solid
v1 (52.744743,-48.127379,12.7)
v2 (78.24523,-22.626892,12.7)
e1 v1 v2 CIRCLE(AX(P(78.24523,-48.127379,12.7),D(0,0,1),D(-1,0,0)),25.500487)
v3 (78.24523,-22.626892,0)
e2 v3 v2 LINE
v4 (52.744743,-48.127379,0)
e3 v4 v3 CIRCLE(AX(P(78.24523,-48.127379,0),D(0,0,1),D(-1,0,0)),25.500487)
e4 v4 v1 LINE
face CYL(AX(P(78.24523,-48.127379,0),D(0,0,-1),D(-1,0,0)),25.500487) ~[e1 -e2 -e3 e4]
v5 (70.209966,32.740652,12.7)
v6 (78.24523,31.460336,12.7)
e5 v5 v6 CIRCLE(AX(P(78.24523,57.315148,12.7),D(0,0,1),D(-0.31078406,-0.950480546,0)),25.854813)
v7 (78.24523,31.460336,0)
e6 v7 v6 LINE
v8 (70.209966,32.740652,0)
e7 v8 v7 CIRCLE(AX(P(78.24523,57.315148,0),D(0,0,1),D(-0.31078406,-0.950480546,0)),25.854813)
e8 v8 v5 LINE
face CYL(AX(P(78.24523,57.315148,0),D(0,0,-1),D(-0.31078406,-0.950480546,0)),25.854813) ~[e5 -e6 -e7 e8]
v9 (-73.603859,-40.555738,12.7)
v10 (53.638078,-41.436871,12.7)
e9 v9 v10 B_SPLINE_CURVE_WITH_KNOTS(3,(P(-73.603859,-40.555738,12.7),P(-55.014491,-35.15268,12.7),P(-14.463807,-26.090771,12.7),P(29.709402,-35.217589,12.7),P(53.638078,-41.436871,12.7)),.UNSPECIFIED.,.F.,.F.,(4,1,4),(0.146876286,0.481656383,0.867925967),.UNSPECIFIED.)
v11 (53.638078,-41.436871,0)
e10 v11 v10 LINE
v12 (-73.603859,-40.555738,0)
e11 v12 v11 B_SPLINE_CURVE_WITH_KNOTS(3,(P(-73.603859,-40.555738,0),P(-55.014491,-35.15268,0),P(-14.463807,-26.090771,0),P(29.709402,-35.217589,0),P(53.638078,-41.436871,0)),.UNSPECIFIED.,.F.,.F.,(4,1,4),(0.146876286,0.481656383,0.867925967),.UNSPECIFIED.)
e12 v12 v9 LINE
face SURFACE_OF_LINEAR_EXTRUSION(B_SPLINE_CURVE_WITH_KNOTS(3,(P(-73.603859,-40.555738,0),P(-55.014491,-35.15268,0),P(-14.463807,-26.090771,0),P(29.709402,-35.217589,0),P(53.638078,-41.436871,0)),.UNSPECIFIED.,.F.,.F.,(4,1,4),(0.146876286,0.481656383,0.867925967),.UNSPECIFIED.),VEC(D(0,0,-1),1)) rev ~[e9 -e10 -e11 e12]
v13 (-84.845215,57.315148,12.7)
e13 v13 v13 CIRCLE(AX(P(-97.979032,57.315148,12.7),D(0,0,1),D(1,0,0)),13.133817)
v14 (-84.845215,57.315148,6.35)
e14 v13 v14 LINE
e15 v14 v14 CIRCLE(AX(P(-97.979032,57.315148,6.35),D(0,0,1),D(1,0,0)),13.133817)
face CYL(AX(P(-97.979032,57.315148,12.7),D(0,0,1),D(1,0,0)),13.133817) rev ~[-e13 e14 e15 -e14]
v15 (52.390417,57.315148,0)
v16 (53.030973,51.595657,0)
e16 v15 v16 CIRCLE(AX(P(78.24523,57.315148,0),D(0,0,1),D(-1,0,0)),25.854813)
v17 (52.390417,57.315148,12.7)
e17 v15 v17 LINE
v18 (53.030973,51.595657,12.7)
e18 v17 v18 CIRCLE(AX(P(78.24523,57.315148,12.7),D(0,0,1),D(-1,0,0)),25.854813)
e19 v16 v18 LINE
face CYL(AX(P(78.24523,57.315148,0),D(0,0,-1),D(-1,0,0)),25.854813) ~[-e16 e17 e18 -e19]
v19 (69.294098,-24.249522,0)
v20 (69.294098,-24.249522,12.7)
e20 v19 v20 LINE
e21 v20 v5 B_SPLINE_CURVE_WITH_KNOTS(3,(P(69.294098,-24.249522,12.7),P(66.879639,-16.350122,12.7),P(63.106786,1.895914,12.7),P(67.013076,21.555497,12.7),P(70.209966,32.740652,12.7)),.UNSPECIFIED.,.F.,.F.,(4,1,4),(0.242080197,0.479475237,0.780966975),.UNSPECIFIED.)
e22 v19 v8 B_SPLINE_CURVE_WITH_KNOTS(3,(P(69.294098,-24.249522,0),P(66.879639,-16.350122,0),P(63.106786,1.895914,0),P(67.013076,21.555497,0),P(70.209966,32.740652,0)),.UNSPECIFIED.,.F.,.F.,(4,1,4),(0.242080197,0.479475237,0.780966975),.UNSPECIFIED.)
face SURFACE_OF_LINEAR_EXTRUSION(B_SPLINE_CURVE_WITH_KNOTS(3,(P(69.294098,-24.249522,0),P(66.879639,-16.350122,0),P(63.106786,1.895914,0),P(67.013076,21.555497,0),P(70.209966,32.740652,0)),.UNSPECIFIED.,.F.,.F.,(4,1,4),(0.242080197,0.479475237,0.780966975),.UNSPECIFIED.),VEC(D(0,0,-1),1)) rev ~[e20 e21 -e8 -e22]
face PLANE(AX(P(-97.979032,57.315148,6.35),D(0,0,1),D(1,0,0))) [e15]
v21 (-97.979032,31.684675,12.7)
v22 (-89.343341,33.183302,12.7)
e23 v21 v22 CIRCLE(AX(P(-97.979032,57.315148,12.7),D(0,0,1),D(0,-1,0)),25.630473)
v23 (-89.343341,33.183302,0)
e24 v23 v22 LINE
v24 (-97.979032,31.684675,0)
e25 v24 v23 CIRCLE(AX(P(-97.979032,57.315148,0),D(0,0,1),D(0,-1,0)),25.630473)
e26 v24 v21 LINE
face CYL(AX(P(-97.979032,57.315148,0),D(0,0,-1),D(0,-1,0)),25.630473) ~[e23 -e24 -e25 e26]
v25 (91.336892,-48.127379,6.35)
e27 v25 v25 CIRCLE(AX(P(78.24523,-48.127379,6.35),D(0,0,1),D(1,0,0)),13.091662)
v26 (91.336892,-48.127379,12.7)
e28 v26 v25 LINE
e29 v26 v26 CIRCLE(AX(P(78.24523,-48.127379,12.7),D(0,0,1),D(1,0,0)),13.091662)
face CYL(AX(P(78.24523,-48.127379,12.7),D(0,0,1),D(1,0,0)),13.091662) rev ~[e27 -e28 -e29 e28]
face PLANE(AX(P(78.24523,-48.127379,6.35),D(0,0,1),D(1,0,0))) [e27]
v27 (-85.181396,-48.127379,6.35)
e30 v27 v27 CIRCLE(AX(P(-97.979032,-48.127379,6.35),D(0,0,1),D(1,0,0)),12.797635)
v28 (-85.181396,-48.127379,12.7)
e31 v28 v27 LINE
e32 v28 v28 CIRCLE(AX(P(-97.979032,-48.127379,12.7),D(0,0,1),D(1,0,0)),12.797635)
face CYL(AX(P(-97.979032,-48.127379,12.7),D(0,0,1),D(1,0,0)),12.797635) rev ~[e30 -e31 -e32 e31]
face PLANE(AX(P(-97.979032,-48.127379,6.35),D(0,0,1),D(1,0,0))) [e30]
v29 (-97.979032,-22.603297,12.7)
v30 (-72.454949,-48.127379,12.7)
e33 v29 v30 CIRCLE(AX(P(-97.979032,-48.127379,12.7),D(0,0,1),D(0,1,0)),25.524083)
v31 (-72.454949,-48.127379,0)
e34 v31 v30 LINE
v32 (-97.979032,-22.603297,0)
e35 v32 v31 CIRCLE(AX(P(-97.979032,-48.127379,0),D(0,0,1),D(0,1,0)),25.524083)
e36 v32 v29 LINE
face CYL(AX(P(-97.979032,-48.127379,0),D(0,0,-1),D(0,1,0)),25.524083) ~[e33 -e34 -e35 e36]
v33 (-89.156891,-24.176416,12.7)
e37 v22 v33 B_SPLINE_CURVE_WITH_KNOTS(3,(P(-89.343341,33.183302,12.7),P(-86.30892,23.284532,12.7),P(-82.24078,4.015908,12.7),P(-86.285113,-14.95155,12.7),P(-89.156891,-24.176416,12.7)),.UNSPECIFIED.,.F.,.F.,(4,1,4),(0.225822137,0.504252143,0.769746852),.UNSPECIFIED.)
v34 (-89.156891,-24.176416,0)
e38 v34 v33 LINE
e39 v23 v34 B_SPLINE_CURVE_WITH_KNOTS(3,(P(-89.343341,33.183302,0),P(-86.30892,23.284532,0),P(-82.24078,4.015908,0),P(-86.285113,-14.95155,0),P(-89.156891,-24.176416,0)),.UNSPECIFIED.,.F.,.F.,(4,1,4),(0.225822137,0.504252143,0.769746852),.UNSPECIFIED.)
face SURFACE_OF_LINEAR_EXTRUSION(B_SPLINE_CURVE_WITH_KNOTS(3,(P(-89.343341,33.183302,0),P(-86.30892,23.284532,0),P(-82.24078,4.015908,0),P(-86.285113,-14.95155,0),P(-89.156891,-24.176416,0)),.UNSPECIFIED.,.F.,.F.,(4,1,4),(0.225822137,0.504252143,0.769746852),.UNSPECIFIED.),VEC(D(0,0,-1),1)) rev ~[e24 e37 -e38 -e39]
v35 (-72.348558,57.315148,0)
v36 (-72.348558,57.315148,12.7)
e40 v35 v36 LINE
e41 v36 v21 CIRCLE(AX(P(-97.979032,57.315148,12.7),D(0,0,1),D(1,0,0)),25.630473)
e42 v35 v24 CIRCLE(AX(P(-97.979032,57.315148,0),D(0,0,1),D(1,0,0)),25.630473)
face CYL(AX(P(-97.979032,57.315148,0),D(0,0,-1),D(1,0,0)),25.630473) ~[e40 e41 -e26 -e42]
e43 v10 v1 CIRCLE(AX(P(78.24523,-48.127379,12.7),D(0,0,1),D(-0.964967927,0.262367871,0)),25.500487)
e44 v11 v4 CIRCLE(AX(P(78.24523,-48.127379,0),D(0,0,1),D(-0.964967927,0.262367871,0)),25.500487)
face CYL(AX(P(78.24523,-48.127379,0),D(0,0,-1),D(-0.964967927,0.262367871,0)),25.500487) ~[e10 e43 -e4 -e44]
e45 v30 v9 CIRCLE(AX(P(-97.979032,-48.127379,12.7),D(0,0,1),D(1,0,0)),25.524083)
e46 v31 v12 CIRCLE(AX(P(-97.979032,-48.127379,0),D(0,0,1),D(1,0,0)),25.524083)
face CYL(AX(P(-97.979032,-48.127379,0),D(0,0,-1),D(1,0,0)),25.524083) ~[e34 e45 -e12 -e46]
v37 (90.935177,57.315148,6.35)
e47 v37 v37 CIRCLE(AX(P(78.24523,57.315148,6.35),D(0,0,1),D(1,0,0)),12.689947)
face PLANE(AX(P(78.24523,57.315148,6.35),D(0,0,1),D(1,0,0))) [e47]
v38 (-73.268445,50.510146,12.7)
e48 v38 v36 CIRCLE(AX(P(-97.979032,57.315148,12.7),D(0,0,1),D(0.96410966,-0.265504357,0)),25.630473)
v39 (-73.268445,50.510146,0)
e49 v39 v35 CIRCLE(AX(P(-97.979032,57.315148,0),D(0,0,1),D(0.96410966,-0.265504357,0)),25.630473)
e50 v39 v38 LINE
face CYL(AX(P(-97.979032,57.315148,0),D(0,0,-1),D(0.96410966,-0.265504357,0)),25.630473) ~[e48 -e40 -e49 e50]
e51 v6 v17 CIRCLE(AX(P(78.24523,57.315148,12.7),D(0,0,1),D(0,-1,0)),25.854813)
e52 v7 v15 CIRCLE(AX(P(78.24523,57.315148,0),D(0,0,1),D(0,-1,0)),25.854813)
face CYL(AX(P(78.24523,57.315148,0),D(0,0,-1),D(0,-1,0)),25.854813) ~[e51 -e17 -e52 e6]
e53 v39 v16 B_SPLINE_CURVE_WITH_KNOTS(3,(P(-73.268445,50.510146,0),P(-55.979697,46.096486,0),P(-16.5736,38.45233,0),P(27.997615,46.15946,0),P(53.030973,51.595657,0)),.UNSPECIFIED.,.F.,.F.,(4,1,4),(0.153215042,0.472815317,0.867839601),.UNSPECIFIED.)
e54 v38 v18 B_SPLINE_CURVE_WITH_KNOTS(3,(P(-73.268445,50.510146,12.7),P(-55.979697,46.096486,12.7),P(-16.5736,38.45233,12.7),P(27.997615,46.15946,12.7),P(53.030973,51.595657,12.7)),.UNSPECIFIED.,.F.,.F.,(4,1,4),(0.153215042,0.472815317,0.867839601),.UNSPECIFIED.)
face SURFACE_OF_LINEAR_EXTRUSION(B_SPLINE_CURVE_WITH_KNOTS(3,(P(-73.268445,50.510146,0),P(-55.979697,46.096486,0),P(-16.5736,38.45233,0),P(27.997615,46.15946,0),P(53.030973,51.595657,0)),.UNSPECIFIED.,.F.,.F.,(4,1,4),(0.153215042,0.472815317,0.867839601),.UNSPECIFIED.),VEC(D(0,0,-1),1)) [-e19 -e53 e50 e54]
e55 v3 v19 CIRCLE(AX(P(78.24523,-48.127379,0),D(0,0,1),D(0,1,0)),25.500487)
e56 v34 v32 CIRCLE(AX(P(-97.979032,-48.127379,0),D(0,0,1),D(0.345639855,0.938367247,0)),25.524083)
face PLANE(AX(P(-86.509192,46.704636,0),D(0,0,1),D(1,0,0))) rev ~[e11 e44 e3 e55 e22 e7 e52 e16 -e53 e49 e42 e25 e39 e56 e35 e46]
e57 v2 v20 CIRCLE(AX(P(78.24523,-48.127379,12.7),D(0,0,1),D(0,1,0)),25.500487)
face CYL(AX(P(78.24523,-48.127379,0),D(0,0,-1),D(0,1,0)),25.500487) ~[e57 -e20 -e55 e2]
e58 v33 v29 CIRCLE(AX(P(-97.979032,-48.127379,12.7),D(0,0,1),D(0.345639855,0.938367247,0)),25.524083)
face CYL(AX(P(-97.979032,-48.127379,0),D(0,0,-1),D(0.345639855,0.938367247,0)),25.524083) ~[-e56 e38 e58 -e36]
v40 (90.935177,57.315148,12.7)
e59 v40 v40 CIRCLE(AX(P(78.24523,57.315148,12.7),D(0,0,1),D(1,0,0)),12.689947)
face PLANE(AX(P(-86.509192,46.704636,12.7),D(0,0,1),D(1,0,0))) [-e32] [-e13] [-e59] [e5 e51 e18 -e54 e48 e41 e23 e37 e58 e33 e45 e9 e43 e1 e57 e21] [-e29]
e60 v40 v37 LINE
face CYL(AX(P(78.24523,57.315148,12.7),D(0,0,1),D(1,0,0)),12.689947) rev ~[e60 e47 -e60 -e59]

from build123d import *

# Parameters (mm, degrees)
F1_DEPTH = 12.7
F2_R     = 12.6899466908
F3_DEPTH = 6.35
F4_R     = 13.0916621451
F5_DEPTH = 6.35
F6_R     = 13.1338166207
F7_DEPTH = 6.35
F8_R     = 12.797635225
F9_DEPTH = 6.35


with BuildPart() as f1:
    # F0 (on Top) → F1 (new body)
    with BuildSketch(Plane.XY):
        with BuildLine():
            add(Edge.make_bspline(
                [(-97.9790315032, 57.3151484132), (-94.8917277119, 49.2634504814), (-91.8044239206, 41.2117525495), (-89.3433409519, 33.1833022823)],
                knots=[0, 0, 0, 0, 0.2258221369, 0.2258221369, 0.2258221369, 0.2258221369], degree=3))
            ThreePointArc((-89.3433409519, 33.1833022823), (-79.1894484696, 39.8832030713), (-73.2684448417, 50.5101461484))
            add(Edge.make_bspline(
                [(-97.9790315032, 57.3151484132), (-89.7678150487, 54.9705923246), (-81.5565985942, 52.6260362361), (-73.2684448417, 50.5101461484)],
                knots=[0, 0, 0, 0, 0.1532150424, 0.1532150424, 0.1532150424, 0.1532150424], degree=3))
        make_face()
        with BuildLine():
            Line((-72.348558449, 57.3151484132), (-97.9790315032, 57.3151484132))
            add(Edge.make_bspline(
                [(-97.9790315032, 57.3151484132), (-89.7678150487, 54.9705923246), (-81.5565985942, 52.6260362361), (-73.2684448417, 50.5101461484)],
                knots=[0, 0, 0, 0, 0.1532150424, 0.1532150424, 0.1532150424, 0.1532150424], degree=3))
            ThreePointArc((-73.2684448417, 50.5101461484), (-72.5795711294, 53.8817009183), (-72.348558449, 57.3151484132))
        make_face()
        with BuildLine():
            Line((-97.9790315032, 57.3151484132), (-97.9790315032, 31.684675359))
            ThreePointArc((-97.9790315032, 31.684675359), (-93.5966510441, 32.0621111604), (-89.3433409519, 33.1833022823))
            add(Edge.make_bspline(
                [(-97.9790315032, 57.3151484132), (-94.8917277119, 49.2634504814), (-91.8044239206, 41.2117525495), (-89.3433409519, 33.1833022823)],
                knots=[0, 0, 0, 0, 0.2258221369, 0.2258221369, 0.2258221369, 0.2258221369], degree=3))
        make_face()
        with BuildLine():
            ThreePointArc((-72.348558449, 57.3151484132), (-116.1025128048, 75.4386297148), (-97.9790315032, 31.684675359))
            Line((-97.9790315032, 31.684675359), (-97.9790315032, 57.3151484132))
            Line((-97.9790315032, 57.3151484132), (-72.348558449, 57.3151484132))
        make_face()
        with BuildLine():
            Line((-97.9790315032, -22.6032967451), (-97.9790315032, -48.1273792684))
            add(Edge.make_bspline(
                [(-89.1568913198, -24.1764162139), (-91.6474722391, -32.1767811704), (-94.8132518711, -40.1520802194), (-97.9790315032, -48.1273792684)],
                knots=[0.7697468516, 0.7697468516, 0.7697468516, 0.7697468516, 1, 1, 1, 1], degree=3))
            ThreePointArc((-89.1568913198, -24.1764162139), (-93.4983824911, -22.9996540812), (-97.9790315032, -22.6032967451))
        make_face()
        with BuildLine():
            add(Edge.make_bspline(
                [(-97.9790315032, -48.1273792684), (-89.8692523818, -45.5267859125), (-81.7594732605, -42.9261925567), (-73.6038589741, -40.5557379118)],
                knots=[0, 0, 0, 0, 0.1468762855, 0.1468762855, 0.1468762855, 0.1468762855], degree=3))
            Line((-97.9790315032, -48.1273792684), (-72.4549489799, -48.1273792684))
            ThreePointArc((-72.4549489799, -48.1273792684), (-72.7438110385, -44.2982231274), (-73.6038589741, -40.5557379118))
        make_face()
        with BuildLine():
            add(Edge.make_bspline(
                [(-89.1568913198, -24.1764162139), (-91.6474722391, -32.1767811704), (-94.8132518711, -40.1520802194), (-97.9790315032, -48.1273792684)],
                knots=[0.7697468516, 0.7697468516, 0.7697468516, 0.7697468516, 1, 1, 1, 1], degree=3))
            add(Edge.make_bspline(
                [(-97.9790315032, -48.1273792684), (-89.8692523818, -45.5267859125), (-81.7594732605, -42.9261925567), (-73.6038589741, -40.5557379118)],
                knots=[0, 0, 0, 0, 0.1468762855, 0.1468762855, 0.1468762855, 0.1468762855], degree=3))
            ThreePointArc((-73.6038589741, -40.5557379118), (-79.4699543341, -30.5520314482), (-89.1568913198, -24.1764162139))
        make_face()
        with BuildLine():
            Line((-72.4549489799, -48.1273792684), (-97.9790315032, -48.1273792684))
            Line((-97.9790315032, -48.1273792684), (-97.9790315032, -22.6032967451))
            ThreePointArc((-97.9790315032, -22.6032967451), (-116.027283339, -66.1756311042), (-72.4549489799, -48.1273792684))
        make_face()
        with BuildLine():
            ThreePointArc((69.2940983232, -24.2495217193), (59.3934172366, -30.9551926113), (53.638077891, -41.436870774))
            add(Edge.make_bspline(
                [(53.638077891, -41.436870774), (61.8198164822, -43.5633793037), (70.0325232507, -45.845379286), (78.2452300191, -48.1273792684)],
                knots=[0.8679259668, 0.8679259668, 0.8679259668, 0.8679259668, 1, 1, 1, 1], degree=3))
            add(Edge.make_bspline(
                [(78.2452300191, -48.1273792684), (75.0007191566, -40.2161005478), (71.7562082941, -32.3048218271), (69.2940983232, -24.2495217193)],
                knots=[0, 0, 0, 0, 0.2420801973, 0.2420801973, 0.2420801973, 0.2420801973], degree=3))
        make_face()
        with BuildLine():
            add(Edge.make_bspline(
                [(78.2452300191, -48.1273792684), (75.0007191566, -40.2161005478), (71.7562082941, -32.3048218271), (69.2940983232, -24.2495217193)],
                knots=[0, 0, 0, 0, 0.2420801973, 0.2420801973, 0.2420801973, 0.2420801973], degree=3))
            Line((78.2452300191, -48.1273792684), (78.2452300191, -22.6268922187))
            ThreePointArc((78.2452300191, -22.6268922187), (73.6967224305, -23.0358285294), (69.2940983232, -24.2495217193))
        make_face()
        with BuildLine():
            ThreePointArc((53.638077891, -41.436870774), (52.9690633404, -44.752436632), (52.7447429694, -48.1273792684))
            Line((52.7447429694, -48.1273792684), (78.2452300191, -48.1273792684))
            add(Edge.make_bspline(
                [(53.638077891, -41.436870774), (61.8198164822, -43.5633793037), (70.0325232507, -45.845379286), (78.2452300191, -48.1273792684)],
                knots=[0.8679259668, 0.8679259668, 0.8679259668, 0.8679259668, 1, 1, 1, 1], degree=3))
        make_face()
        with BuildLine():
            Line((78.2452300191, -48.1273792684), (52.7447429694, -48.1273792684))
            ThreePointArc((52.7447429694, -48.1273792684), (78.2452300191, -73.6278663181), (103.7457170688, -48.1273792684))
            ThreePointArc((103.7457170688, -48.1273792684), (96.2767973355, -30.095811952), (78.2452300191, -22.6268922187))
            Line((78.2452300191, -22.6268922187), (78.2452300191, -48.1273792684))
        make_face()
        with BuildLine():
            add(Edge.make_bspline(
                [(70.2099663174, 32.740651796), (72.5324991188, 40.8666400762), (75.388864569, 49.0908942447), (78.2452300191, 57.3151484132)],
                knots=[0.7809669753, 0.7809669753, 0.7809669753, 0.7809669753, 1, 1, 1, 1], degree=3))
            ThreePointArc((70.2099663174, 32.740651796), (74.1769173352, 31.782420814), (78.2452300191, 31.4603355779))
            Line((78.2452300191, 31.4603355779), (78.2452300191, 57.3151484132))
        make_face()
        with BuildLine():
            add(Edge.make_bspline(
                [(53.0309728344, 51.5956570573), (61.4062012949, 53.4144058383), (69.825715657, 55.3647771258), (78.2452300191, 57.3151484132)],
                knots=[0.8678396009, 0.8678396009, 0.8678396009, 0.8678396009, 1, 1, 1, 1], degree=3))
            ThreePointArc((53.0309728344, 51.5956570573), (59.1334413627, 39.9021968799), (70.2099663174, 32.740651796))
            add(Edge.make_bspline(
                [(70.2099663174, 32.740651796), (72.5324991188, 40.8666400762), (75.388864569, 49.0908942447), (78.2452300191, 57.3151484132)],
                knots=[0.7809669753, 0.7809669753, 0.7809669753, 0.7809669753, 1, 1, 1, 1], degree=3))
        make_face()
        with BuildLine():
            Line((78.2452300191, 57.3151484132), (52.3904171839, 57.3151484132))
            ThreePointArc((52.3904171839, 57.3151484132), (52.5510551244, 54.4375238324), (53.0309728344, 51.5956570573))
            add(Edge.make_bspline(
                [(53.0309728344, 51.5956570573), (61.4062012949, 53.4144058383), (69.825715657, 55.3647771258), (78.2452300191, 57.3151484132)],
                knots=[0.8678396009, 0.8678396009, 0.8678396009, 0.8678396009, 1, 1, 1, 1], degree=3))
        make_face()
        with BuildLine():
            ThreePointArc((104.1000428543, 57.3151484132), (78.2452300191, 83.1699612484), (52.3904171839, 57.3151484132))
            Line((52.3904171839, 57.3151484132), (78.2452300191, 57.3151484132))
            Line((78.2452300191, 57.3151484132), (78.2452300191, 31.4603355779))
            ThreePointArc((78.2452300191, 31.4603355779), (96.5273435012, 39.0330349311), (104.1000428543, 57.3151484132))
        make_face()
        with BuildLine():
            add(Edge.make_bspline(
                [(-89.3433409519, 33.1833022823), (-86.3089203393, 23.2845319899), (-82.2407796779, 4.0159084283), (-86.2851127622, -14.9515496945), (-89.1568913198, -24.1764162139)],
                knots=[0.2258221369, 0.2258221369, 0.2258221369, 0.2258221369, 0.5042521434, 0.7697468516, 0.7697468516, 0.7697468516, 0.7697468516], degree=3))
            ThreePointArc((-89.1568913198, -24.1764162139), (-79.4699543341, -30.5520314482), (-73.6038589741, -40.5557379118))
            add(Edge.make_bspline(
                [(-73.6038589741, -40.5557379118), (-55.0144907829, -35.1526802602), (-14.4638072494, -26.0907707686), (29.7094018219, -35.2175894809), (53.638077891, -41.436870774)],
                knots=[0.1468762855, 0.1468762855, 0.1468762855, 0.1468762855, 0.4816563834, 0.8679259668, 0.8679259668, 0.8679259668, 0.8679259668], degree=3))
            ThreePointArc((53.638077891, -41.436870774), (59.3934172366, -30.9551926113), (69.2940983232, -24.2495217193))
            add(Edge.make_bspline(
                [(69.2940983232, -24.2495217193), (66.8796393942, -16.350121814), (63.1067862028, 1.895913691), (67.0130764735, 21.5554967842), (70.2099663174, 32.740651796)],
                knots=[0.2420801973, 0.2420801973, 0.2420801973, 0.2420801973, 0.4794752368, 0.7809669753, 0.7809669753, 0.7809669753, 0.7809669753], degree=3))
            ThreePointArc((70.2099663174, 32.740651796), (59.1334413627, 39.9021968799), (53.0309728344, 51.5956570573))
            add(Edge.make_bspline(
                [(-73.2684448417, 50.5101461484), (-55.9796971344, 46.0964864848), (-16.5735995756, 38.4523299071), (27.9976145113, 46.1594602838), (53.0309728344, 51.5956570573)],
                knots=[0.1532150424, 0.1532150424, 0.1532150424, 0.1532150424, 0.4728153168, 0.8678396009, 0.8678396009, 0.8678396009, 0.8678396009], degree=3))
            ThreePointArc((-73.2684448417, 50.5101461484), (-79.1894484696, 39.8832030713), (-89.3433409519, 33.1833022823))
        make_face()
    extrude(amount=F1_DEPTH)

    # F2 (on face) → F3 (cut)
    with BuildSketch(Plane.XY.offset(12.7)):
        with Locations((78.2452300191, 57.3151484132)):
            Circle(F2_R)
    extrude(amount=-F3_DEPTH, mode=Mode.SUBTRACT)

    # F4 (on face) → F5 (cut)
    with BuildSketch(Plane.XY.offset(12.7)):
        with Locations((78.2452300191, -48.1273792684)):
            Circle(F4_R)
    extrude(amount=-F5_DEPTH, mode=Mode.SUBTRACT)

    # F6 (on face) → F7 (cut)
    with BuildSketch(Plane.XY.offset(12.7)):
        with Locations((-97.9790315032, 57.3151484132)):
            Circle(F6_R)
    extrude(amount=-F7_DEPTH, mode=Mode.SUBTRACT)

    # F8 (on face) → F9 (cut)
    with BuildSketch(Plane.XY.offset(12.7)):
        with Locations((-97.9790315032, -48.1273792684)):
            Circle(F8_R)
    extrude(amount=-F9_DEPTH, mode=Mode.SUBTRACT)


solid = f1.part
